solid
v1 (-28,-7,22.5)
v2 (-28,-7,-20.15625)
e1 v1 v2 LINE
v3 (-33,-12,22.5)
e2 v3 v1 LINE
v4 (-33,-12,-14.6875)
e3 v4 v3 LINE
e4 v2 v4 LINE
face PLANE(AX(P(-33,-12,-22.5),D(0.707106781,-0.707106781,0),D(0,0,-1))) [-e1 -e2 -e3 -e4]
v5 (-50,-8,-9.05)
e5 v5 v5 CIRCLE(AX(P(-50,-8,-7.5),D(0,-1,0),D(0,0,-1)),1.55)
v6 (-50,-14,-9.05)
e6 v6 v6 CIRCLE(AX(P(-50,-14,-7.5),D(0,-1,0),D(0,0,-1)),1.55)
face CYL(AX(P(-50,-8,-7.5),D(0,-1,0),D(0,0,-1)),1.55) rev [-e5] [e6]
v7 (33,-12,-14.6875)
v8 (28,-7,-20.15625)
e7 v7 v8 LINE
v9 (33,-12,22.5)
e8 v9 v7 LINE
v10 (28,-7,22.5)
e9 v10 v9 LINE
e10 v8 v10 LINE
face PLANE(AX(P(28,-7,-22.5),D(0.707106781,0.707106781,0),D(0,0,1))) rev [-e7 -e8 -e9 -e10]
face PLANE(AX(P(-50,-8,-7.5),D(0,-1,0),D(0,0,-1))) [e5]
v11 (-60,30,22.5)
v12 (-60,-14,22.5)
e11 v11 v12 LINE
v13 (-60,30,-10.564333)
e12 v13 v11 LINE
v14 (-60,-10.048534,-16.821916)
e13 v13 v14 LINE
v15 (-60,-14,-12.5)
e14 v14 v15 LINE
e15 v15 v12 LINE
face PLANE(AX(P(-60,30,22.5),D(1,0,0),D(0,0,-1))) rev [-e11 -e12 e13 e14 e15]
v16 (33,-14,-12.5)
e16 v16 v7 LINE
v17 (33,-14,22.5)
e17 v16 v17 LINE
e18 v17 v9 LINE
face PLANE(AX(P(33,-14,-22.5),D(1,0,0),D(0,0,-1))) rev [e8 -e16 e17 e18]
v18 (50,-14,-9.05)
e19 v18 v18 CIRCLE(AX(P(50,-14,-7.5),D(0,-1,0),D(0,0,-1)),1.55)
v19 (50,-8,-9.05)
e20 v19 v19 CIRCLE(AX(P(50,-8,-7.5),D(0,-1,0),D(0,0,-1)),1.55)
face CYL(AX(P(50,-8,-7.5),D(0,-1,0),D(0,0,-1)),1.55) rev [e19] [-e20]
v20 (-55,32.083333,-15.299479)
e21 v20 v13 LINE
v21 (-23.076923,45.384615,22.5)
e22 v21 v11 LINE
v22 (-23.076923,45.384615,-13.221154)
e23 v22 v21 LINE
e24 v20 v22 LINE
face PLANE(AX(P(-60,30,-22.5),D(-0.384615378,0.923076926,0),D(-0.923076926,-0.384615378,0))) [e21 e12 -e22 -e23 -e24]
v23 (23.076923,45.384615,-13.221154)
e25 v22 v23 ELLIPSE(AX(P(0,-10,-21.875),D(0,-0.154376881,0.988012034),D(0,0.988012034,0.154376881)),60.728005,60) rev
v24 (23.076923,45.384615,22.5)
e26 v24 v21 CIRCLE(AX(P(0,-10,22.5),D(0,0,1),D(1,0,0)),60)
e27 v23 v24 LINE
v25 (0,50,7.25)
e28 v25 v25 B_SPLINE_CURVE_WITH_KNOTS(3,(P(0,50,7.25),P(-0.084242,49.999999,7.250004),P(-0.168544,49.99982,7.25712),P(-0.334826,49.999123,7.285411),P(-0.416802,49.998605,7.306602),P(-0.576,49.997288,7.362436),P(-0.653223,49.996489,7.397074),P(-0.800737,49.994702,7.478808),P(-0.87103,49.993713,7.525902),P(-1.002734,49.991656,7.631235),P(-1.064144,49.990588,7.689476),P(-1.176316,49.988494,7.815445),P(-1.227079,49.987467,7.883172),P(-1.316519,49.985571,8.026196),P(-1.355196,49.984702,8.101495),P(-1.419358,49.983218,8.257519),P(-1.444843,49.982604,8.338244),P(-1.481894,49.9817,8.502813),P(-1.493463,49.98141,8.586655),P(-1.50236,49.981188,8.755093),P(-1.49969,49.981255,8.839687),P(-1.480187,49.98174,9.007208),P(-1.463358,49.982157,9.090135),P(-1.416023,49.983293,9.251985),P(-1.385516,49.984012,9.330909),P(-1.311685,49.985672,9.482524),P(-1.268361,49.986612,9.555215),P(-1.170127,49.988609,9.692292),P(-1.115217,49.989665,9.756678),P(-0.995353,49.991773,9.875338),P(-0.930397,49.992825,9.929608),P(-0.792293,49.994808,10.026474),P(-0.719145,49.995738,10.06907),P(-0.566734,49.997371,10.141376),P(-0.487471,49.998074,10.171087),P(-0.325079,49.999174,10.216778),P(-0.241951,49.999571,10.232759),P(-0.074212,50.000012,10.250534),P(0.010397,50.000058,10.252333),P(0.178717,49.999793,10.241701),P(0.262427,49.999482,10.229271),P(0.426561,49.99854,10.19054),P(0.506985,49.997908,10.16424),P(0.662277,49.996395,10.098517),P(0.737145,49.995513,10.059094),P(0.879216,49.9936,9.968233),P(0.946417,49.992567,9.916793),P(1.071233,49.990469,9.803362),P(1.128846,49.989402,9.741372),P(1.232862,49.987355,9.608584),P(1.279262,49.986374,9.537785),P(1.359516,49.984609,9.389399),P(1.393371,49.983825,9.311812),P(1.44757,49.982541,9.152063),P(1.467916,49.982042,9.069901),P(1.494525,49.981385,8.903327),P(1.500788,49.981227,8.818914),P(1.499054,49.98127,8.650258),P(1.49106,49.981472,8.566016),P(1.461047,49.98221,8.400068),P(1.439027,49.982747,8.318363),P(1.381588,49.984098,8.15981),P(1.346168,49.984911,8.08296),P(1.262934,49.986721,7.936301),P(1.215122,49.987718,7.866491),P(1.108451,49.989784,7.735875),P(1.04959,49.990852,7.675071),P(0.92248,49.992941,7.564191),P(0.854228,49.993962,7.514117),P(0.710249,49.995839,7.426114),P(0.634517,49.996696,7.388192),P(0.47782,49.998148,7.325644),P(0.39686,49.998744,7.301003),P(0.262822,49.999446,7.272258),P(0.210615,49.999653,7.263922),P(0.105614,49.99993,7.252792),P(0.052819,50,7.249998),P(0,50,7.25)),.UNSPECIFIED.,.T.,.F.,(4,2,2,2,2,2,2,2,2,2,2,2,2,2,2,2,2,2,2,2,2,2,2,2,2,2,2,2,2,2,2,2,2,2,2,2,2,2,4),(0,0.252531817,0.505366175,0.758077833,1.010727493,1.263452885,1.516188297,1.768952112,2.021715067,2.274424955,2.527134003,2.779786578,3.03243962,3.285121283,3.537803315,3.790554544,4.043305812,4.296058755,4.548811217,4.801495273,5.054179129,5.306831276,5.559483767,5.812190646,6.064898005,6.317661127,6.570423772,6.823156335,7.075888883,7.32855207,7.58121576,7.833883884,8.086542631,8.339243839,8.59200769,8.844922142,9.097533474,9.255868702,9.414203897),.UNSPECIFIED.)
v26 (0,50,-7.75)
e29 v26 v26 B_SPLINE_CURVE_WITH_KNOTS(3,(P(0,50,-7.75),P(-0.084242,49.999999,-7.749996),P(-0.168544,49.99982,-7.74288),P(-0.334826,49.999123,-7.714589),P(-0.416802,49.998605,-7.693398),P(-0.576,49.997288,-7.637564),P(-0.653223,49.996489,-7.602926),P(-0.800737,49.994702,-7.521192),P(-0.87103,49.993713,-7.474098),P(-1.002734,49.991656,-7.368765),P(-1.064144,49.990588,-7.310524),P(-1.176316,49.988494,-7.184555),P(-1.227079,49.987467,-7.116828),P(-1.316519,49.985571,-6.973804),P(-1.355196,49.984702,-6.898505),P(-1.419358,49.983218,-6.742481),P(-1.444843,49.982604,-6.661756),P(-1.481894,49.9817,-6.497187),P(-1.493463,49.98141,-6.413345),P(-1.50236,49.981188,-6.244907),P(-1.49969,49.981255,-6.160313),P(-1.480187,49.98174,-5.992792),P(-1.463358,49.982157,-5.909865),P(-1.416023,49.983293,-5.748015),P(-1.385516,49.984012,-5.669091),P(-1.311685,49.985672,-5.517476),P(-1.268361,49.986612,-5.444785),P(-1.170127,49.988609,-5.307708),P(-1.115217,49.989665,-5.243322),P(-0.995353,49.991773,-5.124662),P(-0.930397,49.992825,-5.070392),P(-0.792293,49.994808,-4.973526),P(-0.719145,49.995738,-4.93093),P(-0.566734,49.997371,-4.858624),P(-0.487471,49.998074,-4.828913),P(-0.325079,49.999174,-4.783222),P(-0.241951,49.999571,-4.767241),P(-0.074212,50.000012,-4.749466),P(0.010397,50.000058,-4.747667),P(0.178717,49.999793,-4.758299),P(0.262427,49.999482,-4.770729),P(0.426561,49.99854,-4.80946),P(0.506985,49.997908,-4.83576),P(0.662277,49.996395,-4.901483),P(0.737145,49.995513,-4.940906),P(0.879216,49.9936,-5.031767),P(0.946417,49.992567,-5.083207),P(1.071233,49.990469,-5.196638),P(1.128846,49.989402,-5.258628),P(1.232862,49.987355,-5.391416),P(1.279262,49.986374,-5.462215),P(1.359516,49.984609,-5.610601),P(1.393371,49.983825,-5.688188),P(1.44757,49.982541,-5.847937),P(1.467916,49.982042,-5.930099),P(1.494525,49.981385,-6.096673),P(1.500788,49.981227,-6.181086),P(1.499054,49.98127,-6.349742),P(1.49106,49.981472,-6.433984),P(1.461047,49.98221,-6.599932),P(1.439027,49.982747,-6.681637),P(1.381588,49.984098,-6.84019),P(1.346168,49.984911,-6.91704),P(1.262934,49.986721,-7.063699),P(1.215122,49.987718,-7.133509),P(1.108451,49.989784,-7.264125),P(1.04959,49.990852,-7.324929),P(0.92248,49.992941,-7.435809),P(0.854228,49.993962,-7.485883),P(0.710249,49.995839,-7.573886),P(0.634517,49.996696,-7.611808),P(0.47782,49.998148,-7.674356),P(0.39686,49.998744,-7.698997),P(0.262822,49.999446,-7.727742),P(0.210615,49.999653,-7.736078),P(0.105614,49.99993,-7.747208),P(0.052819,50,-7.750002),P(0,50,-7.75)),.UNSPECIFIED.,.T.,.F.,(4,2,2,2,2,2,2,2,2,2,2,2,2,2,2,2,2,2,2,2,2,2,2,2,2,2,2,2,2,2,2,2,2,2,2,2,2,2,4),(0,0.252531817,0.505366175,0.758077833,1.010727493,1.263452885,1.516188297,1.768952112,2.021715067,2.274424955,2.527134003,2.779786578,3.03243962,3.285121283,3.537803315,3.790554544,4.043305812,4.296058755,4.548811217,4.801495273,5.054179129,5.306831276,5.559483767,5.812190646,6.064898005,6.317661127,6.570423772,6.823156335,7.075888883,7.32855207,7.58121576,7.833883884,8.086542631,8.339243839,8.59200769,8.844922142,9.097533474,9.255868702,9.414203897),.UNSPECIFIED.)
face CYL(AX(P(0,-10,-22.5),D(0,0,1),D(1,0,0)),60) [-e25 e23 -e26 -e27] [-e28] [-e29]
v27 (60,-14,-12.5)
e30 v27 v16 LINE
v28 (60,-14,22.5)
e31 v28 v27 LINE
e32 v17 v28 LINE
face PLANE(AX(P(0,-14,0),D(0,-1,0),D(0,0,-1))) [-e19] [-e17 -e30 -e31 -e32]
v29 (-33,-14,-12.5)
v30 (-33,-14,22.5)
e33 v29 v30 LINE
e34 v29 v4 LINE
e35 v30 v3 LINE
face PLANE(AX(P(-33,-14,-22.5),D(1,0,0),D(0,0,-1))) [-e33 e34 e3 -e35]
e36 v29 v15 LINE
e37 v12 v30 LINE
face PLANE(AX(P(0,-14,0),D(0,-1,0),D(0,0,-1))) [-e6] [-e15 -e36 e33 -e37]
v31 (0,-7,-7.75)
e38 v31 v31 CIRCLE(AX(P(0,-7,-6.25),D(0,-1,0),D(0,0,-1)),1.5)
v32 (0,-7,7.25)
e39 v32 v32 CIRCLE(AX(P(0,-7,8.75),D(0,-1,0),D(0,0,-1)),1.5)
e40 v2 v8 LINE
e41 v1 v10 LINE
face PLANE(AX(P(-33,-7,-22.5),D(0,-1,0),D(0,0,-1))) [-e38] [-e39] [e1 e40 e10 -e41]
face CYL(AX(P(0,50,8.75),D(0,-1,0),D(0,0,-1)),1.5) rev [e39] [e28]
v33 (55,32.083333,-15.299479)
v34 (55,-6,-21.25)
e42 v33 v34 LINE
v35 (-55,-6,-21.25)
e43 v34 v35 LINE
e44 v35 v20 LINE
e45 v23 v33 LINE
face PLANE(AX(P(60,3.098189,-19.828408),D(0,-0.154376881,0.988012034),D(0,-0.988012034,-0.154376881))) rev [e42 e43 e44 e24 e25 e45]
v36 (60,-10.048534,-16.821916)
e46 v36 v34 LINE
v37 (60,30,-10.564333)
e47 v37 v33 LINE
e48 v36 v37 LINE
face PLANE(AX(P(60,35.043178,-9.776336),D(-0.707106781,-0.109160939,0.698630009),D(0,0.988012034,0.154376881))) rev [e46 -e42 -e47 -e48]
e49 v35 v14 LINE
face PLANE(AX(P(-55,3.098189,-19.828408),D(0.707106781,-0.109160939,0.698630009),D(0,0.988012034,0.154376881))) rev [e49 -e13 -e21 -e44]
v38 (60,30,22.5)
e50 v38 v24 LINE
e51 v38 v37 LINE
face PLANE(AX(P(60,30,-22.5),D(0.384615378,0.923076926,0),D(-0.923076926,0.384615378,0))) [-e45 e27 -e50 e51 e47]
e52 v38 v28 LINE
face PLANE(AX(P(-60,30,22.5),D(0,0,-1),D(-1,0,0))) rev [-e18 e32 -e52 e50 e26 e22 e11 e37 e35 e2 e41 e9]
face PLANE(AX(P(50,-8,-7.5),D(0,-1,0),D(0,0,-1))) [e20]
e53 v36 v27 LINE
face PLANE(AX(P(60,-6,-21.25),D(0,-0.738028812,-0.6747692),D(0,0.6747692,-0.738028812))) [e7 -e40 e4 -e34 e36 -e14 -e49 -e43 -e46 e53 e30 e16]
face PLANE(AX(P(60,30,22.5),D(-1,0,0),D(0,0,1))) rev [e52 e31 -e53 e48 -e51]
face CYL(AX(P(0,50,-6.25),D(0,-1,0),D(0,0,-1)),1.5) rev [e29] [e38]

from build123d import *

# Parameters (mm, degrees)
CROQUIS1_W              = 120
CROQUIS1_H              = 45
CROQUIS1_R              = 1.55
SALIENTE_EXTRUIR1_DEPTH = 30
CROQUIS2_W              = 120
CROQUIS2_H              = 45
SALIENTE_EXTRUIR2_DEPTH = 44
SALIENTE_EXTRUIR5_DEPTH = 45
CROQUIS6_R              = 1.55
CORTAR_EXTRUIR2_DEPTH   = 6
CORTAR_EXTRUIR3_DEPTH   = 132.932747906
CHAFL_N1_SIZE           = 5
CROQUIS9_W              = 66
CROQUIS9_H              = 7
CORTAR_EXTRUIR4_DEPTH   = 91.138781721
CHAFL_N2_SIZE           = 5
CORTAR_EXTRUIR6_DEPTH   = 132.932747906
CROQUIS11_R             = 1.5
CORTAR_EXTRUIR7_DEPTH   = 86.762753955


with BuildPart() as part:
    # Croquis1 → Saliente-Extruir1 (new body)
    with BuildSketch(Plane(origin=(0, 0, 0), x_dir=(1, 0, 0), z_dir=(0, 1, 0))):
        Rectangle(CROQUIS1_W, CROQUIS1_H)
        with Locations(Location((-50, -7.5, 0), (0, 0, 270))):
            Circle(CROQUIS1_R, mode=Mode.SUBTRACT)
        with Locations(Location((50, -7.5, 0), (0, 0, 270))):
            Circle(CROQUIS1_R, mode=Mode.SUBTRACT)
    extrude(amount=SALIENTE_EXTRUIR1_DEPTH)

    # Croquis2 → Saliente-Extruir2 (add)
    with BuildSketch(Plane(origin=(0, 30, 0), x_dir=(1, 0, 0), z_dir=(0, 1, 0))):
        Rectangle(CROQUIS2_W, CROQUIS2_H)
    extrude(amount=-SALIENTE_EXTRUIR2_DEPTH)

    # Croquis5 → Saliente-Extruir5 (add, through all)
    with BuildSketch(Plane.XY.offset(22.5)):
        with BuildLine():
            Line((-60, 30), (-23.076922962, 45.384615109))
            ThreePointArc((-23.076922962, 45.384615109), (0, 49.999999701), (23.076922962, 45.384615109))
            Line((23.076922962, 45.384615109), (60, 30))
            Line((60, 30), (-60, 30))
        make_face()
    extrude(amount=-SALIENTE_EXTRUIR5_DEPTH)

    # Croquis6 → Cortar-Extruir2 (cut)
    with BuildSketch(Plane.XZ.offset(14)):
        with Locations(Location((-50, -7.5, 0), (0, 0, 270))):
            Circle(CROQUIS6_R)
        with Locations(Location((50, -7.5, 0), (0, 0, 270))):
            Circle(CROQUIS6_R)
    extrude(amount=-CORTAR_EXTRUIR2_DEPTH, mode=Mode.SUBTRACT)

    # Croquis8 → Cortar-Extruir3 (cut, through all)
    with BuildSketch(Plane.ZY.offset(60)):
        Polygon((-22.5, 30), (-15.624999968, 30), (-12.5, 49.999999701), (-22.5, 49.999999701), align=None)
        Polygon((-22.5, 30), (-22.5, -14), (-15.624999968, 30), align=None)
    extrude(amount=-CORTAR_EXTRUIR3_DEPTH, mode=Mode.SUBTRACT)

    # Chaflán1
    chafl_n1_edges = [part.edges().sort_by_distance(p)[0] for p in [
        (60, 8, -19.062499984),
        (-60, 8, -19.062499984),
    ]]
    chamfer(chafl_n1_edges, length=CHAFL_N1_SIZE)

    # Croquis9 → Cortar-Extruir4 (cut, through all)
    with BuildSketch(Plane.XY.offset(22.5)):
        with Locations((0, -10.5)):
            Rectangle(CROQUIS9_W, CROQUIS9_H)
    extrude(amount=-CORTAR_EXTRUIR4_DEPTH, mode=Mode.SUBTRACT)

    # Chaflán2
    chafl_n2_edges = [part.edges().sort_by_distance(p)[0] for p in [
        (-33, -7, 0.546875003),
        (33, -7, 0.546875003),
    ]]
    chamfer(chafl_n2_edges, length=CHAFL_N2_SIZE)

    # Croquis10 → Cortar-Extruir6 (cut, through all)
    with BuildSketch(Plane.ZY.offset(60)):
        Polygon((-21.249999994, -6), (-12.5, -14), (-22.5, -14), align=None)
    extrude(amount=-CORTAR_EXTRUIR6_DEPTH, mode=Mode.SUBTRACT)

    # Croquis11 → Cortar-Extruir7 (cut, through all)
    with BuildSketch(Plane.XZ.offset(7)):
        with Locations(Location((0, -6.249999994, 0), (0, 0, 270))):
            Circle(CROQUIS11_R)
        with Locations(Location((0, 8.750000006, 0), (0, 0, 270))):
            Circle(CROQUIS11_R)
    extrude(amount=-CORTAR_EXTRUIR7_DEPTH, mode=Mode.SUBTRACT)


solid = part.part
